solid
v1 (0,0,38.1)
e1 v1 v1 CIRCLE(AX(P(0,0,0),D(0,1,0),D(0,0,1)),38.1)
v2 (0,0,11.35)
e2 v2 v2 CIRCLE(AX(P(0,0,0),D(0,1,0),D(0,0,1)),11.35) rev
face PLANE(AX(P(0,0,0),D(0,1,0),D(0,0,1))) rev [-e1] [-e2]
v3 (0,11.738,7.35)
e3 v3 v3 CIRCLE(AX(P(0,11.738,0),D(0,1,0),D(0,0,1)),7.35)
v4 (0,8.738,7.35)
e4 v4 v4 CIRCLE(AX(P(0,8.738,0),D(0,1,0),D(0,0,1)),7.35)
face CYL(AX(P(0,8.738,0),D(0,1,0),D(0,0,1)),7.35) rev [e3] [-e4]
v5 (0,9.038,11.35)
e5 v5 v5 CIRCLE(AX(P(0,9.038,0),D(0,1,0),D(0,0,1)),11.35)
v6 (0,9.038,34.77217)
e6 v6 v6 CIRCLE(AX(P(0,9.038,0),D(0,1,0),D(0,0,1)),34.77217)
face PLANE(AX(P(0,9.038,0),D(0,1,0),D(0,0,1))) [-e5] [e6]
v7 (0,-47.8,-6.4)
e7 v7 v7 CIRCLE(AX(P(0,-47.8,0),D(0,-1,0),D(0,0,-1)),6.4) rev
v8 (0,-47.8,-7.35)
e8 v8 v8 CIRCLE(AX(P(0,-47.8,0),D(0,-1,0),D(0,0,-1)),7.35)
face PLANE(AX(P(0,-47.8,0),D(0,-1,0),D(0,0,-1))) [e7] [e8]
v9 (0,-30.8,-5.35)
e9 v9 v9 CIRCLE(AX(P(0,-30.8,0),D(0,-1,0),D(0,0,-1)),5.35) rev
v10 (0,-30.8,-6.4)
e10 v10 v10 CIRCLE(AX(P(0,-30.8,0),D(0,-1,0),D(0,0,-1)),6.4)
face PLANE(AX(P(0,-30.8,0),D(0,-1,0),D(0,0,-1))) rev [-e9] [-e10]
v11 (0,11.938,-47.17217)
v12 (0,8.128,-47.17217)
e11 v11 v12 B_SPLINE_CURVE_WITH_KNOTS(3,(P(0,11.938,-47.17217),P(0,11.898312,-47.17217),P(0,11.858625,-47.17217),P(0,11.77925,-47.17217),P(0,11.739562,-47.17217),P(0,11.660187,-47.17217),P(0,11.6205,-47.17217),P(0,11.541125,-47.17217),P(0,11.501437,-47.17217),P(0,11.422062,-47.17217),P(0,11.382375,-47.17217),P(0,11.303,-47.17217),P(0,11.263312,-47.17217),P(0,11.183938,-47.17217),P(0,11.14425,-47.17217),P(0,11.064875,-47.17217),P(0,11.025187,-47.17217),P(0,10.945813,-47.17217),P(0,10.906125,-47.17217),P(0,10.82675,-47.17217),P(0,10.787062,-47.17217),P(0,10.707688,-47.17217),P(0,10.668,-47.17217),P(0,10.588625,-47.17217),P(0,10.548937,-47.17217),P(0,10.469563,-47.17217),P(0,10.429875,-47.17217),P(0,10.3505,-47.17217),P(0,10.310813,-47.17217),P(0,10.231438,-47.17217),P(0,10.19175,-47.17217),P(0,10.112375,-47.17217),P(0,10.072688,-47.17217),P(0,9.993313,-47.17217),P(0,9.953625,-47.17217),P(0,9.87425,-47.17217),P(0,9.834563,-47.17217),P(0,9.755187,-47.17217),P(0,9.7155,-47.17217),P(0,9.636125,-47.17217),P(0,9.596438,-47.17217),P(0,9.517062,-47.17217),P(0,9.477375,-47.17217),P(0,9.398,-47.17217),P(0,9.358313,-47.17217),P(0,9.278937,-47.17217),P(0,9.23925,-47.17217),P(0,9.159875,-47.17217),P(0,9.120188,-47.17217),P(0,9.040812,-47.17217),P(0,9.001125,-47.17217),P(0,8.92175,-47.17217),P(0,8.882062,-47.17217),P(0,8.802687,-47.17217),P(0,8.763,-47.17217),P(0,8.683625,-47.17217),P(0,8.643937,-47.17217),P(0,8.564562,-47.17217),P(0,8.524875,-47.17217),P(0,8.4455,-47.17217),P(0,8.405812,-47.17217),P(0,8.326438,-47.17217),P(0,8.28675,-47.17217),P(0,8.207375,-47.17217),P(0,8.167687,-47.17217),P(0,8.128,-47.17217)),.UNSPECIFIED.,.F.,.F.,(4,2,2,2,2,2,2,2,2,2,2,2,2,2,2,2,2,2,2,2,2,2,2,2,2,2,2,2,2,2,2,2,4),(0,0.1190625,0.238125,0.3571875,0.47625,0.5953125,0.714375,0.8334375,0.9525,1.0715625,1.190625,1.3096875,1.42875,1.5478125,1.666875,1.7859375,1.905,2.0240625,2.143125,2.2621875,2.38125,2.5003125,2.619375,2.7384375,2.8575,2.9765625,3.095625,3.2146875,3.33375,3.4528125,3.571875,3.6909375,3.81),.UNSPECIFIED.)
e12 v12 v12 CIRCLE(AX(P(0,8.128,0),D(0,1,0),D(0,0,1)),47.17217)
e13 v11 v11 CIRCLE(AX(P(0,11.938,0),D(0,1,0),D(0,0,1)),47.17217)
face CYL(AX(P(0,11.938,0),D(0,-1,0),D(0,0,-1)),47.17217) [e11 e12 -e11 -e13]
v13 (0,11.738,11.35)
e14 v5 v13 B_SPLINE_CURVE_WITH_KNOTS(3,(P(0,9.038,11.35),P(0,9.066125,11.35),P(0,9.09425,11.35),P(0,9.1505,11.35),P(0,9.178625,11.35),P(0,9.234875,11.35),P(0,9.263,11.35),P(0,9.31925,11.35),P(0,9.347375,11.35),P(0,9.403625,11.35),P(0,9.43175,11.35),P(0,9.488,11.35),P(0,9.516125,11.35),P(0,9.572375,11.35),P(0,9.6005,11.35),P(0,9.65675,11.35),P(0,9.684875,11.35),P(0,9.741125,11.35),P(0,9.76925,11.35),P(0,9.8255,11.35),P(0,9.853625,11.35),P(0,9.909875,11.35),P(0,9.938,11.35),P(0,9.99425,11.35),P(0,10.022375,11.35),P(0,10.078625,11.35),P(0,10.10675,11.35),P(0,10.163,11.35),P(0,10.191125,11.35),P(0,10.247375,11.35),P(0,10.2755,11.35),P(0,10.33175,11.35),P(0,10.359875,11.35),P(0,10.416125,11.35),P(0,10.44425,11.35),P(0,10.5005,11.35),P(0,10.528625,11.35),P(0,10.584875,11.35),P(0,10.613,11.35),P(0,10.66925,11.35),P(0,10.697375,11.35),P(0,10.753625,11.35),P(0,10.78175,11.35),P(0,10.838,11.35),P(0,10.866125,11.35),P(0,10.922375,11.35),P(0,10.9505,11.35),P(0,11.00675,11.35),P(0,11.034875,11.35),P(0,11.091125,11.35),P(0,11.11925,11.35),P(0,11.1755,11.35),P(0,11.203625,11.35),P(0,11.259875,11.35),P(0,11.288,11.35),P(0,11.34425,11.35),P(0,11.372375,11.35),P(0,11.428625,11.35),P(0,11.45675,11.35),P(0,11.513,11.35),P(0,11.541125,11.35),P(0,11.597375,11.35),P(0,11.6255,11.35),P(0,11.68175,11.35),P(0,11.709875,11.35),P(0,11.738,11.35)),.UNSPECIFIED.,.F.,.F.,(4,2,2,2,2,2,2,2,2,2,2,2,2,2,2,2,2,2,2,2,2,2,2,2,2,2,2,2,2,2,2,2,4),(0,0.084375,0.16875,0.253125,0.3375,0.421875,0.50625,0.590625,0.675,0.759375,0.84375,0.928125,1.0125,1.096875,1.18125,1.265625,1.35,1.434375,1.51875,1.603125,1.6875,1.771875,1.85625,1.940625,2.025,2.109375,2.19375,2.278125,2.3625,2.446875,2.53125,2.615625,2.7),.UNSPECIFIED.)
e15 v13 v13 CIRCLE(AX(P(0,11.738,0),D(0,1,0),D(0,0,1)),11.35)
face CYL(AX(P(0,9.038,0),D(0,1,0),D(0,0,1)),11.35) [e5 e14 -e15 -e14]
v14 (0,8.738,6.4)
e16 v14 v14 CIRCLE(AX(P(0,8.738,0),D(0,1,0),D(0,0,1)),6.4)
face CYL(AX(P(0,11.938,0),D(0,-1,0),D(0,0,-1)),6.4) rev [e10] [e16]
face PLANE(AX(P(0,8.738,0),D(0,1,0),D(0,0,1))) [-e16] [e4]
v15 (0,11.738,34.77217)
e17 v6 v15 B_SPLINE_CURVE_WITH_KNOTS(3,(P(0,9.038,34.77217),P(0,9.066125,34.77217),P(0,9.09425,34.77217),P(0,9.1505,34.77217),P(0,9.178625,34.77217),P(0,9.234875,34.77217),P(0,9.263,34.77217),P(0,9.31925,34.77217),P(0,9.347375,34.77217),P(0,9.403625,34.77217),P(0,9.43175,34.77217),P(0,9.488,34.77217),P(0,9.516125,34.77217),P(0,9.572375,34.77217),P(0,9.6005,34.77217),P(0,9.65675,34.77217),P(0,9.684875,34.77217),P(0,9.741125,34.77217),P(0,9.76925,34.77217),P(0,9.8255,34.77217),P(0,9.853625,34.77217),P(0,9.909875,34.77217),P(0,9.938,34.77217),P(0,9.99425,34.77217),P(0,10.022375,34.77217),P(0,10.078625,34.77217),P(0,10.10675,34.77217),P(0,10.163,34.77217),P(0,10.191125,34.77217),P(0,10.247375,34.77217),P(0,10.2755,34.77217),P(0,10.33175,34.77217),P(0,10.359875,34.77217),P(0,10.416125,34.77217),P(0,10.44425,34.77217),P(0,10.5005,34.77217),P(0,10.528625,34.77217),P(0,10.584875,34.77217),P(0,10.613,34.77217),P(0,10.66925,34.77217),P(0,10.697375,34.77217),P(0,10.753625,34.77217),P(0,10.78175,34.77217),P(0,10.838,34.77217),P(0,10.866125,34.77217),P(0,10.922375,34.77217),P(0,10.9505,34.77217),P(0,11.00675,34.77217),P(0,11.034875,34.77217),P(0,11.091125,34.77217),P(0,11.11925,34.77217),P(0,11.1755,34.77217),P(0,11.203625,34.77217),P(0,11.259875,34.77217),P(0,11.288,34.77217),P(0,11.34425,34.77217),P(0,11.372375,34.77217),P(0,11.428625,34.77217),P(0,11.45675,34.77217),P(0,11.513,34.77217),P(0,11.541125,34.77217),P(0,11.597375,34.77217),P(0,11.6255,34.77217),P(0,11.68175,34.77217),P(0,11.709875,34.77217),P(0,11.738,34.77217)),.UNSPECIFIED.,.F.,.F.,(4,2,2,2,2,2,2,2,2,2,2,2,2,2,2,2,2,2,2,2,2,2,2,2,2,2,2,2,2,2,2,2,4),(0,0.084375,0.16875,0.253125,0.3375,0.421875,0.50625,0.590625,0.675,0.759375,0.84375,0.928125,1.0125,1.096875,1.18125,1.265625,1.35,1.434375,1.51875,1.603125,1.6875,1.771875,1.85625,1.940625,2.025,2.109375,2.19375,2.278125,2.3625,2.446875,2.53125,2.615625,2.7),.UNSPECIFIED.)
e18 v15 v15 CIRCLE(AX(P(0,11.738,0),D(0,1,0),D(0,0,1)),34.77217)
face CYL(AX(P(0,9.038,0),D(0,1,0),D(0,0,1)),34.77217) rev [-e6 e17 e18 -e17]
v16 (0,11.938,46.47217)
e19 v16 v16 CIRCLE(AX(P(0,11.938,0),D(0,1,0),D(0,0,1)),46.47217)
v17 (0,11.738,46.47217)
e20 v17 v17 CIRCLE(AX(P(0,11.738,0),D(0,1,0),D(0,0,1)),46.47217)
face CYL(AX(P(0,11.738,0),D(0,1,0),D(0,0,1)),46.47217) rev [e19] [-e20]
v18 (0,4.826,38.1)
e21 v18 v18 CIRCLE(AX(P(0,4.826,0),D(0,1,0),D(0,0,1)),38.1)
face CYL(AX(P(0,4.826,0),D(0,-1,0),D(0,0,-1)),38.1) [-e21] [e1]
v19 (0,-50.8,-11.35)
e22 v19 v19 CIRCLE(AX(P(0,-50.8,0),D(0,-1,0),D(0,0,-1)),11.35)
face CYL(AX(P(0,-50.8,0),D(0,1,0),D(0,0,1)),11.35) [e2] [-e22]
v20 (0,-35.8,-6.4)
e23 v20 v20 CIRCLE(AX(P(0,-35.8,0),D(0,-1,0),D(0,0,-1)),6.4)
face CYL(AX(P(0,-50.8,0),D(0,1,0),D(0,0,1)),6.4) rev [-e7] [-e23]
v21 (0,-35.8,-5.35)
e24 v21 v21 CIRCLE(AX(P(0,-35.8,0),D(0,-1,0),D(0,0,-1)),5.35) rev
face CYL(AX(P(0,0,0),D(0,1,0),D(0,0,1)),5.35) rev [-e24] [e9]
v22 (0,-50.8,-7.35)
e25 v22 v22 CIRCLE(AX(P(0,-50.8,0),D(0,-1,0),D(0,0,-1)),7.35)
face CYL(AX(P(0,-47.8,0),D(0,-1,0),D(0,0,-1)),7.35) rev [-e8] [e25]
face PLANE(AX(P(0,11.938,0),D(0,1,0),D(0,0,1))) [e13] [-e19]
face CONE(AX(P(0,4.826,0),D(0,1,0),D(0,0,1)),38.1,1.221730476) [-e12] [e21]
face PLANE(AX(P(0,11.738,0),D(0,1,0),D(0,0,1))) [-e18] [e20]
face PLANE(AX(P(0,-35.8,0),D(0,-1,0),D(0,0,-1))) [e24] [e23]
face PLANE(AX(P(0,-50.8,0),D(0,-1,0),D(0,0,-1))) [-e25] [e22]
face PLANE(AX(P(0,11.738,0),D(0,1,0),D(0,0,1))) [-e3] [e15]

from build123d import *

# Parameters (mm, degrees)
SKETCH1_R           = 38.1
BOSS_EXTRUDE1_DEPTH = 4.826
SKETCH2_R           = 38.1
BOSS_EXTRUDE2_DEPTH = 3.302
BOSS_EXTRUDE2_DRAFT = -70
SKETCH3_R           = 47.172170439
BOSS_EXTRUDE3_DEPTH = 3.81
SKETCH4_R           = 46.472170439
CUT_EXTRUDE1_DEPTH  = 0.2
SKETCH6_R           = 34.772170439
SKETCH6_R_2         = 11.35
CUT_EXTRUDE2_DEPTH  = 2.7
SKETCH7_R           = 5.35
CUT_EXTRUDE3_DEPTH  = 68.736312063
SKETCH8_R           = 11.35
SKETCH8_R_2         = 5.35
BOSS_EXTRUDE4_DEPTH = 50.8
SKETCH9_R           = 7.35
CUT_EXTRUDE4_DEPTH  = 3
CUT_EXTRUDE5_START  = -3
SKETCH10_R          = 7.35
CUT_EXTRUDE5_DEPTH  = 3
SKETCH12_R          = 6.4
CUT_EXTRUDE8_DEPTH  = 83.032578722
SKETCH13_R          = 6.4
CUT_EXTRUDE9_DEPTH  = 80.227293099


with BuildPart() as part:
    # Sketch1 → Boss-Extrude1 (new body)
    with BuildSketch(Plane(origin=(0, 0, 0), x_dir=(1, 0, 0), z_dir=(0, 1, 0))):
        with Locations(Location((0, 0, 0), (0, 0, 270))):
            Circle(SKETCH1_R)
    extrude(amount=BOSS_EXTRUDE1_DEPTH)


with BuildPart() as boss_extrude2_tool:
    # Sketch2 → Boss-Extrude2 (with draft: the straight prism first)
    with BuildSketch(Plane(origin=(0, 4.826, 0), x_dir=(1, 0, 0), z_dir=(0, 1, 0))):
        with Locations(Location((0, 0, 0), (0, 0, 270))):
            Circle(SKETCH2_R)
    extrude(amount=BOSS_EXTRUDE2_DEPTH)
    # Boss-Extrude2: the draft: its side faces are tilted about the plane it starts from
    boss_extrude2_sides = [boss_extrude2_tool.faces().sort_by_distance(p)[0] for p in [
        (0, 6.477, -38.1),
    ]]
    draft(boss_extrude2_sides, Plane(origin=(0, 4.826, 0), x_dir=(1, 0, 0), z_dir=(0, 1, 0)), BOSS_EXTRUDE2_DRAFT)


with BuildPart() as part_1:
    add(part.part)

    # Boss-Extrude2: add boss_extrude2_tool
    add(boss_extrude2_tool.part)

    # Sketch3 → Boss-Extrude3 (add)
    with BuildSketch(Plane(origin=(0, 8.128, 0), x_dir=(1, 0, 0), z_dir=(0, 1, 0))):
        with Locations(Location((0, 0, 0), (0, 0, 90))):
            Circle(SKETCH3_R)
    extrude(amount=BOSS_EXTRUDE3_DEPTH)

    # Sketch4 → Cut-Extrude1 (cut)
    with BuildSketch(Plane(origin=(0, 11.938, 0), x_dir=(1, 0, 0), z_dir=(0, 1, 0))):
        with Locations(Location((0, 0, 0), (0, 0, 270))):
            Circle(SKETCH4_R)
    extrude(amount=-CUT_EXTRUDE1_DEPTH, mode=Mode.SUBTRACT)

    # Sketch6 → Cut-Extrude2 (cut)
    with BuildSketch(Plane(origin=(0, 11.738, 0), x_dir=(1, 0, 0), z_dir=(0, 1, 0))):
        with Locations(Location((0, 0, 0), (0, 0, 270))):
            Circle(SKETCH6_R)
        with Locations(Location((0, 0, 0), (0, 0, 270))):
            Circle(SKETCH6_R_2, mode=Mode.SUBTRACT)
    extrude(amount=-CUT_EXTRUDE2_DEPTH, mode=Mode.SUBTRACT)

    # Sketch7 → Cut-Extrude3 (cut, through all)
    with BuildSketch(Plane(origin=(0, 11.738, 0), x_dir=(1, 0, 0), z_dir=(0, 1, 0))):
        with Locations(Location((0, 0, 0), (0, 0, 270))):
            Circle(SKETCH7_R)
    extrude(amount=-CUT_EXTRUDE3_DEPTH, mode=Mode.SUBTRACT)

    # Sketch8 → Boss-Extrude4 (add)
    with BuildSketch(Plane.XZ):
        with Locations(Location((0, 0, 0), (0, 0, 90))):
            Circle(SKETCH8_R)
        with Locations(Location((0, 0, 0), (0, 0, 90))):
            Circle(SKETCH8_R_2, mode=Mode.SUBTRACT)
    extrude(amount=BOSS_EXTRUDE4_DEPTH)

    # Sketch9 → Cut-Extrude4 (cut)
    with BuildSketch(Plane.XZ.offset(50.8)):
        with Locations(Location((0, 0, 0), (0, 0, 270))):
            Circle(SKETCH9_R)
    extrude(amount=-CUT_EXTRUDE4_DEPTH, mode=Mode.SUBTRACT)

    # Sketch10 → Cut-Extrude5 (cut)
    with BuildSketch(Plane(origin=(0, 11.738, 0), x_dir=(1, 0, 0), z_dir=(0, 1, 0)).offset(CUT_EXTRUDE5_START)):
        with Locations(Location((0, 0, 0), (0, 0, 90))):
            Circle(SKETCH10_R)
    extrude(amount=CUT_EXTRUDE5_DEPTH, mode=Mode.SUBTRACT)

    # Sketch12 → Cut-Extrude8 (cut, through all)
    with BuildSketch(Plane(origin=(0, -35.8, 0), x_dir=(-1, 0, 0), z_dir=(0, -1, 0))):
        with Locations(Location((0, 0, 0), (0, 0, 90))):
            Circle(SKETCH12_R)
    extrude(amount=CUT_EXTRUDE8_DEPTH, mode=Mode.SUBTRACT)

    # Sketch13 → Cut-Extrude9 (cut, through all)
    with BuildSketch(Plane(origin=(0, -30.8, 0), x_dir=(-1, 0, 0), z_dir=(0, -1, 0))):
        with Locations(Location((0, 0, 0), (0, 0, 90))):
            Circle(SKETCH13_R)
    extrude(amount=-CUT_EXTRUDE9_DEPTH, mode=Mode.SUBTRACT)


solid = part_1.part
